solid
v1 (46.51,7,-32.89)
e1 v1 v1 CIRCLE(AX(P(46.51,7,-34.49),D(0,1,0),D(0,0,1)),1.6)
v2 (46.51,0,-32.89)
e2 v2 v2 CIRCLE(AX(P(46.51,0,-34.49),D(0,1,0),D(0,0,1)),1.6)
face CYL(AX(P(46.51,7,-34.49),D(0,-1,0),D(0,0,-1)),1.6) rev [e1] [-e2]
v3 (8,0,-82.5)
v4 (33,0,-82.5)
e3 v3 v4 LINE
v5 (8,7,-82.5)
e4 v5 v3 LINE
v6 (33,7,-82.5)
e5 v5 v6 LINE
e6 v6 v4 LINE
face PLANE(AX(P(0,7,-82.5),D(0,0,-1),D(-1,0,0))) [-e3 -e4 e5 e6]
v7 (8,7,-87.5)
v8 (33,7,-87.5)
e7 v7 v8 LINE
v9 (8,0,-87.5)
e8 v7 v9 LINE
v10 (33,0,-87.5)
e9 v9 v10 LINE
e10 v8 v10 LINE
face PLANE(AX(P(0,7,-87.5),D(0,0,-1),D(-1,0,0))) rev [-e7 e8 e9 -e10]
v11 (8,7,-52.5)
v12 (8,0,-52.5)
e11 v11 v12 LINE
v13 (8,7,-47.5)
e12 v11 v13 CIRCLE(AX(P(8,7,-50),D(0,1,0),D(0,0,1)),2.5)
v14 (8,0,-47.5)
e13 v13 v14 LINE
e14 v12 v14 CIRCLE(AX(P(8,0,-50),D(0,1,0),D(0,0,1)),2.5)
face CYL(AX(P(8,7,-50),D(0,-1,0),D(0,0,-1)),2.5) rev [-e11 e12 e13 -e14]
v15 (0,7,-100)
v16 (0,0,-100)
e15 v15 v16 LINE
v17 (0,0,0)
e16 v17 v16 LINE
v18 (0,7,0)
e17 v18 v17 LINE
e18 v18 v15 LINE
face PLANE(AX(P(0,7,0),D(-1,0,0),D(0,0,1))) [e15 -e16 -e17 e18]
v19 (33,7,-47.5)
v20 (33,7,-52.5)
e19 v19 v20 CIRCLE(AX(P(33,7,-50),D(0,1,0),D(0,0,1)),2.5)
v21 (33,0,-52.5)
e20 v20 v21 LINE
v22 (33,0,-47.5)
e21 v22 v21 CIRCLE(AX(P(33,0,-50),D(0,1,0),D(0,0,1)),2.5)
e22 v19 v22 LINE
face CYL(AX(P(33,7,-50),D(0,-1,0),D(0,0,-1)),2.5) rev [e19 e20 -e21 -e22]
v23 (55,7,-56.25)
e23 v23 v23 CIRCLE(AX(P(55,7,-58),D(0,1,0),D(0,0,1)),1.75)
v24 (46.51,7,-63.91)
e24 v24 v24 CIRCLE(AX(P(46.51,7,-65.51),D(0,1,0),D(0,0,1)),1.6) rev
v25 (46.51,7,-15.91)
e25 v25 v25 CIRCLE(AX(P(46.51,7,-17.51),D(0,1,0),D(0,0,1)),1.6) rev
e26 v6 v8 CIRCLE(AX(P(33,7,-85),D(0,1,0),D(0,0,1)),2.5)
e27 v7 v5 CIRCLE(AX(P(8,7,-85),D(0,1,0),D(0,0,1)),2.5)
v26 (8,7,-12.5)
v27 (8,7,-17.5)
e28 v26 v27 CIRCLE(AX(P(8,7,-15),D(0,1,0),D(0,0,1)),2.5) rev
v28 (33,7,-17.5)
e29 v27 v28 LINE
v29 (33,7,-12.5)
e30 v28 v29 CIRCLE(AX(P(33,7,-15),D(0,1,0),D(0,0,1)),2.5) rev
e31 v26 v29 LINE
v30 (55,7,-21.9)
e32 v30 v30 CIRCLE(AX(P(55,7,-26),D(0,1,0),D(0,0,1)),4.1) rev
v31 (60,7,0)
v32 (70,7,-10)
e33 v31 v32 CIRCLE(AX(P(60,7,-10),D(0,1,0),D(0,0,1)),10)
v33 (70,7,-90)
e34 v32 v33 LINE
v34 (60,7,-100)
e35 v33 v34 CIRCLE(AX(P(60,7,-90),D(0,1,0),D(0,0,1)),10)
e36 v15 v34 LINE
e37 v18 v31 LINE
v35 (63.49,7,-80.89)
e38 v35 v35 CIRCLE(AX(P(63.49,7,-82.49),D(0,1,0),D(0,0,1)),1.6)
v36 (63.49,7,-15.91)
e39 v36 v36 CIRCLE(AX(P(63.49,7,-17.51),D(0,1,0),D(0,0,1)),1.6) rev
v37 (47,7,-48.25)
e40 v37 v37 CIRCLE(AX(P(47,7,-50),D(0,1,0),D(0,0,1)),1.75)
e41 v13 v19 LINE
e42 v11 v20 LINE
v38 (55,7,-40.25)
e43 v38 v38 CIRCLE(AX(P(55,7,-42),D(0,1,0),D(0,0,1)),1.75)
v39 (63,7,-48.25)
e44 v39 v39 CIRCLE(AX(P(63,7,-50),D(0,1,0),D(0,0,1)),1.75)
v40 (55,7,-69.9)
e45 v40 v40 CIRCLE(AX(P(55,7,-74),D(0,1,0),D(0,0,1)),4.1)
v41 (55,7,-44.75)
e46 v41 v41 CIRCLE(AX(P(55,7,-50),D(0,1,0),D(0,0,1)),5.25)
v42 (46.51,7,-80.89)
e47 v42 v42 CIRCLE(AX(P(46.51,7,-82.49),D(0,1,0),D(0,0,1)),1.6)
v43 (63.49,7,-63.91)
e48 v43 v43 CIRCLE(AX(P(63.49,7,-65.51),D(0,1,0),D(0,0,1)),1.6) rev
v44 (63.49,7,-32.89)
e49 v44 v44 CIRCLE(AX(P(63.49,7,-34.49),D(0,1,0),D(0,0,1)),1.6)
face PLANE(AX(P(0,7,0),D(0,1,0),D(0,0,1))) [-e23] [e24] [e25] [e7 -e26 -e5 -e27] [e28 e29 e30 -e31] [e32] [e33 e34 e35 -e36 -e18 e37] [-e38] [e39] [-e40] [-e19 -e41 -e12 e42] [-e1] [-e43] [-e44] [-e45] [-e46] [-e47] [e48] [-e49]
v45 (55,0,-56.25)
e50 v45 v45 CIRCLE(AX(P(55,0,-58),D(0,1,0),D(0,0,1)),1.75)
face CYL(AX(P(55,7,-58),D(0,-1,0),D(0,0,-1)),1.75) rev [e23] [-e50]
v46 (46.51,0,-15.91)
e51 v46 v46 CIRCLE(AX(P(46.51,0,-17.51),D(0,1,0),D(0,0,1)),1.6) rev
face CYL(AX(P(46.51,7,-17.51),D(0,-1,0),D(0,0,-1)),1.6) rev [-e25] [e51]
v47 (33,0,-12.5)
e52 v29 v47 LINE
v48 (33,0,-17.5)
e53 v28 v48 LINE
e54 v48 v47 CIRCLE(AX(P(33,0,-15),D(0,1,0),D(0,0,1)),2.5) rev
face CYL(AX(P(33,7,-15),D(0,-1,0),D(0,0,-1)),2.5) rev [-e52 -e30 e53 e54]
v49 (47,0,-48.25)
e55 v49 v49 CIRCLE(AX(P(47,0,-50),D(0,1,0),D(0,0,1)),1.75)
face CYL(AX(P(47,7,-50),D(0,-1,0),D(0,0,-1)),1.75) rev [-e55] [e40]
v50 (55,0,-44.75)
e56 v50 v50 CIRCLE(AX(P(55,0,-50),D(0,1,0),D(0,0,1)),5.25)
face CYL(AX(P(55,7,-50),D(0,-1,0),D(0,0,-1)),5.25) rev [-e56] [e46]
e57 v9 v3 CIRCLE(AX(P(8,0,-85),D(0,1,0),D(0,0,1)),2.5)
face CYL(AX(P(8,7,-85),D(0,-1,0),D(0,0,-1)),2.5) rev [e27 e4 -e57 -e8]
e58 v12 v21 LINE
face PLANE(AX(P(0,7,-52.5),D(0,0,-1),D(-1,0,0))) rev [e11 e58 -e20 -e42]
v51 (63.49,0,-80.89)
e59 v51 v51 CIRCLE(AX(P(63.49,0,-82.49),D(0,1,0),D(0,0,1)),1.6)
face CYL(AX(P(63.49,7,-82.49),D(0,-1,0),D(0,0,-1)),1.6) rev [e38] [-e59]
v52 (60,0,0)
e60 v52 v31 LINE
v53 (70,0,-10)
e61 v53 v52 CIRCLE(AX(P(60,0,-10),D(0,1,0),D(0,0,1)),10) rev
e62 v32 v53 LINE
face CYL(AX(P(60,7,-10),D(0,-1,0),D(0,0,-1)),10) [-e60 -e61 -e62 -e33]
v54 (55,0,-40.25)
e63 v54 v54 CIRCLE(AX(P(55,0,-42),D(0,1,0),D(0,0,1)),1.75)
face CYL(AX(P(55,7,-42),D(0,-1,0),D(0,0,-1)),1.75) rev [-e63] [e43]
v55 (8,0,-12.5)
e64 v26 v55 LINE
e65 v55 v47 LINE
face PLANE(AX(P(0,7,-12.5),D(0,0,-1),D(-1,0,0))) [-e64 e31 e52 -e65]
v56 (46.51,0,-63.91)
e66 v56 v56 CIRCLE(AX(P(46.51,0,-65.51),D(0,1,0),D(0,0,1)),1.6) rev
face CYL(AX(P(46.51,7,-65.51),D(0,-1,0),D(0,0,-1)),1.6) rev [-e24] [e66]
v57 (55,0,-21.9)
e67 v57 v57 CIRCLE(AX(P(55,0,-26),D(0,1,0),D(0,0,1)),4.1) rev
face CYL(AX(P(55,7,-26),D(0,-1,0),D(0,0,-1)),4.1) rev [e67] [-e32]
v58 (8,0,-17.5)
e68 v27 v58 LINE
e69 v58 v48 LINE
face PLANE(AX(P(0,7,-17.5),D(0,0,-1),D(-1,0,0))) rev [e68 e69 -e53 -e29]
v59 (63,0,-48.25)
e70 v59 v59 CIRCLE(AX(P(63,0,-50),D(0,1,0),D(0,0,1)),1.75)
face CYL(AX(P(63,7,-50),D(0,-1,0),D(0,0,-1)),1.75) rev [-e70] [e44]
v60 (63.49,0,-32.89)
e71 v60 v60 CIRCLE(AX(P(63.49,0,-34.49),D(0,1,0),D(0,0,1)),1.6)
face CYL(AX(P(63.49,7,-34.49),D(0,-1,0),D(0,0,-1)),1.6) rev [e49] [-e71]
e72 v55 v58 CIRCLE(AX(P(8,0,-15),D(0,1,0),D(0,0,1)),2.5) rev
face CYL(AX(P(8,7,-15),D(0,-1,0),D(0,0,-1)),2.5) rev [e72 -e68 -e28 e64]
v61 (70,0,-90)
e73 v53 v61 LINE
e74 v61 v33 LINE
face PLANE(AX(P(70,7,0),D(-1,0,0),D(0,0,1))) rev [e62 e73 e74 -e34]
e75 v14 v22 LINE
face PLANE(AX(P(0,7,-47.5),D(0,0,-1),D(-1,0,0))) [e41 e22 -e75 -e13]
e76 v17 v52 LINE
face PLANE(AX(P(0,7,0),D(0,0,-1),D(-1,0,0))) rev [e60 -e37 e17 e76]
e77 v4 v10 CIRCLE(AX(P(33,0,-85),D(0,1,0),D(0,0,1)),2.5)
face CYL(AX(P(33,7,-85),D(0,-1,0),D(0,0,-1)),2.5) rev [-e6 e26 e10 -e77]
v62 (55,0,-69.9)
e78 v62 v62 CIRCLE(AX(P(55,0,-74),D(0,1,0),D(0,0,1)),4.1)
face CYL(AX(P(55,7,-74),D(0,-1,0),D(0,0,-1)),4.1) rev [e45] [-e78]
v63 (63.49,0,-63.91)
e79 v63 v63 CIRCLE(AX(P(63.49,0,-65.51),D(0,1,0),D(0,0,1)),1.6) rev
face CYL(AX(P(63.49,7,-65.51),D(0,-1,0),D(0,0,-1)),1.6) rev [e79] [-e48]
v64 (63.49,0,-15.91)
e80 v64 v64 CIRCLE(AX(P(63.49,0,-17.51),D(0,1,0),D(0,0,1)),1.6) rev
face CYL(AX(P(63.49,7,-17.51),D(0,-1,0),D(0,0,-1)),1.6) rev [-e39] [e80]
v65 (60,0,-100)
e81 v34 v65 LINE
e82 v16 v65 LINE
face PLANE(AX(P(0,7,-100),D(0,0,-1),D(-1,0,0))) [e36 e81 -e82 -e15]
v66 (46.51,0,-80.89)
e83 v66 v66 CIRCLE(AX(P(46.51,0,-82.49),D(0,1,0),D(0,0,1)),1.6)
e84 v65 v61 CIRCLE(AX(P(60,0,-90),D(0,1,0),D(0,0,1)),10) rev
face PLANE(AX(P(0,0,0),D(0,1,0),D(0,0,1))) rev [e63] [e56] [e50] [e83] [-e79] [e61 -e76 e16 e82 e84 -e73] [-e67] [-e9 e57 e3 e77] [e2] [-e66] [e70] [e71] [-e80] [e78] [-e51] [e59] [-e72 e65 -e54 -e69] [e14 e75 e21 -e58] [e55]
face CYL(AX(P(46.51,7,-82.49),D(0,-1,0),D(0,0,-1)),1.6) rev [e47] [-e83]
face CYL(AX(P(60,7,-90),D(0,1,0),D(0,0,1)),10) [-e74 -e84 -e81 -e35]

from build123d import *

# Parameters (mm, degrees)
SKETCH1_R           = 1.6
SKETCH1_R_2         = 4.1
SKETCH1_R_3         = 1.75
SKETCH1_R_4         = 5.25
BOSS_EXTRUDE1_DEPTH = 7
FILLET1_R           = 10


with BuildPart() as part:
    # Sketch1 → Boss-Extrude1 (new body)
    # profile 1 of 3: a face of its own
    with BuildSketch(Plane(origin=(0, 0, 0), x_dir=(1, 0, 0), z_dir=(0, 1, 0))):
        Polygon((0, 100), (0, 0), (56, 0), (70, 0), (70, 100), align=None)
        with BuildLine():
            Line((33, 12.5), (8, 12.5))
            ThreePointArc((8, 12.5), (5.5, 15), (8, 17.5))
            Line((8, 17.5), (33, 17.5))
            ThreePointArc((33, 17.5), (35.5, 15), (33, 12.5))
        make_face(mode=Mode.SUBTRACT)
        with Locations(Location((46.51, 17.51, 0), (0, 0, 270))):
            Circle(SKETCH1_R, mode=Mode.SUBTRACT)
        with Locations(Location((63.49, 17.51, 0), (0, 0, 270))):
            Circle(SKETCH1_R, mode=Mode.SUBTRACT)
        with Locations(Location((46.51, 34.49, 0), (0, 0, 270))):
            Circle(SKETCH1_R, mode=Mode.SUBTRACT)
        with Locations(Location((55, 26, 0), (0, 0, 270))):
            Circle(SKETCH1_R_2, mode=Mode.SUBTRACT)
        with Locations(Location((63.49, 34.49, 0), (0, 0, 270))):
            Circle(SKETCH1_R, mode=Mode.SUBTRACT)
        with Locations(Location((55, 42, 0), (0, 0, 270))):
            Circle(SKETCH1_R_3, mode=Mode.SUBTRACT)
        with BuildLine():
            ThreePointArc((8, 47.5), (5.5, 50), (8, 52.5))
            Line((8, 52.5), (33, 52.5))
            ThreePointArc((33, 52.5), (35.5, 50), (33, 47.5))
            Line((33, 47.5), (8, 47.5))
        make_face(mode=Mode.SUBTRACT)
        with BuildLine():
            ThreePointArc((8, 82.5), (5.5, 85), (8, 87.5))
            Line((8, 87.5), (33, 87.5))
            ThreePointArc((33, 87.5), (35.5, 85), (33, 82.5))
            Line((33, 82.5), (8, 82.5))
        make_face(mode=Mode.SUBTRACT)
        with Locations(Location((47, 50, 0), (0, 0, 270))):
            Circle(SKETCH1_R_3, mode=Mode.SUBTRACT)
        with Locations(Location((46.51, 65.51, 0), (0, 0, 270))):
            Circle(SKETCH1_R, mode=Mode.SUBTRACT)
        with Locations(Location((55, 50, 0), (0, 0, 270))):
            Circle(SKETCH1_R_4, mode=Mode.SUBTRACT)
        with Locations(Location((55, 58, 0), (0, 0, 270))):
            Circle(SKETCH1_R_3, mode=Mode.SUBTRACT)
        with Locations(Location((63, 50, 0), (0, 0, 270))):
            Circle(SKETCH1_R_3, mode=Mode.SUBTRACT)
        with Locations(Location((55, 74, 0), (0, 0, 270))):
            Circle(SKETCH1_R_2, mode=Mode.SUBTRACT)
        with Locations(Location((63.49, 65.51, 0), (0, 0, 270))):
            Circle(SKETCH1_R, mode=Mode.SUBTRACT)
        with Locations(Location((46.51, 82.49, 0), (0, 0, 270))):
            Circle(SKETCH1_R, mode=Mode.SUBTRACT)
        with Locations(Location((63.49, 82.49, 0), (0, 0, 270))):
            Circle(SKETCH1_R, mode=Mode.SUBTRACT)
    # profile 2 of 3: a face of its own
    with BuildSketch(Plane(origin=(0, 0, 0), x_dir=(1, 0, 0), z_dir=(0, 1, 0))):
        Polygon((0, 100), (0, 0), (56, 0), (70, 0), (70, 100), align=None)
        with BuildLine():
            Line((33, 12.5), (8, 12.5))
            ThreePointArc((8, 12.5), (5.5, 15), (8, 17.5))
            Line((8, 17.5), (33, 17.5))
            ThreePointArc((33, 17.5), (35.5, 15), (33, 12.5))
        make_face(mode=Mode.SUBTRACT)
        with Locations(Location((46.51, 17.51, 0), (0, 0, 270))):
            Circle(SKETCH1_R, mode=Mode.SUBTRACT)
        with Locations(Location((63.49, 17.51, 0), (0, 0, 270))):
            Circle(SKETCH1_R, mode=Mode.SUBTRACT)
        with Locations(Location((46.51, 34.49, 0), (0, 0, 270))):
            Circle(SKETCH1_R, mode=Mode.SUBTRACT)
        with Locations(Location((55, 26, 0), (0, 0, 270))):
            Circle(SKETCH1_R_2, mode=Mode.SUBTRACT)
        with Locations(Location((63.49, 34.49, 0), (0, 0, 270))):
            Circle(SKETCH1_R, mode=Mode.SUBTRACT)
        with Locations(Location((55, 42, 0), (0, 0, 270))):
            Circle(SKETCH1_R_3, mode=Mode.SUBTRACT)
        with BuildLine():
            ThreePointArc((8, 47.5), (5.5, 50), (8, 52.5))
            Line((8, 52.5), (33, 52.5))
            ThreePointArc((33, 52.5), (35.5, 50), (33, 47.5))
            Line((33, 47.5), (8, 47.5))
        make_face(mode=Mode.SUBTRACT)
        with BuildLine():
            ThreePointArc((8, 82.5), (5.5, 85), (8, 87.5))
            Line((8, 87.5), (33, 87.5))
            ThreePointArc((33, 87.5), (35.5, 85), (33, 82.5))
            Line((33, 82.5), (8, 82.5))
        make_face(mode=Mode.SUBTRACT)
        with Locations(Location((47, 50, 0), (0, 0, 270))):
            Circle(SKETCH1_R_3, mode=Mode.SUBTRACT)
        with Locations(Location((46.51, 65.51, 0), (0, 0, 270))):
            Circle(SKETCH1_R, mode=Mode.SUBTRACT)
        with Locations(Location((55, 50, 0), (0, 0, 270))):
            Circle(SKETCH1_R_4, mode=Mode.SUBTRACT)
        with Locations(Location((55, 58, 0), (0, 0, 270))):
            Circle(SKETCH1_R_3, mode=Mode.SUBTRACT)
        with Locations(Location((63, 50, 0), (0, 0, 270))):
            Circle(SKETCH1_R_3, mode=Mode.SUBTRACT)
        with Locations(Location((55, 74, 0), (0, 0, 270))):
            Circle(SKETCH1_R_2, mode=Mode.SUBTRACT)
        with Locations(Location((63.49, 65.51, 0), (0, 0, 270))):
            Circle(SKETCH1_R, mode=Mode.SUBTRACT)
        with Locations(Location((46.51, 82.49, 0), (0, 0, 270))):
            Circle(SKETCH1_R, mode=Mode.SUBTRACT)
        with Locations(Location((63.49, 82.49, 0), (0, 0, 270))):
            Circle(SKETCH1_R, mode=Mode.SUBTRACT)
    # profile 3 of 3: a face of its own
    with BuildSketch(Plane(origin=(0, 0, 0), x_dir=(1, 0, 0), z_dir=(0, 1, 0))):
        Polygon((0, 100), (0, 0), (56, 0), (70, 0), (70, 100), align=None)
        with BuildLine():
            Line((33, 12.5), (8, 12.5))
            ThreePointArc((8, 12.5), (5.5, 15), (8, 17.5))
            Line((8, 17.5), (33, 17.5))
            ThreePointArc((33, 17.5), (35.5, 15), (33, 12.5))
        make_face(mode=Mode.SUBTRACT)
        with Locations(Location((46.51, 17.51, 0), (0, 0, 270))):
            Circle(SKETCH1_R, mode=Mode.SUBTRACT)
        with Locations(Location((63.49, 17.51, 0), (0, 0, 270))):
            Circle(SKETCH1_R, mode=Mode.SUBTRACT)
        with Locations(Location((46.51, 34.49, 0), (0, 0, 270))):
            Circle(SKETCH1_R, mode=Mode.SUBTRACT)
        with Locations(Location((55, 26, 0), (0, 0, 270))):
            Circle(SKETCH1_R_2, mode=Mode.SUBTRACT)
        with Locations(Location((63.49, 34.49, 0), (0, 0, 270))):
            Circle(SKETCH1_R, mode=Mode.SUBTRACT)
        with Locations(Location((55, 42, 0), (0, 0, 270))):
            Circle(SKETCH1_R_3, mode=Mode.SUBTRACT)
        with BuildLine():
            ThreePointArc((8, 47.5), (5.5, 50), (8, 52.5))
            Line((8, 52.5), (33, 52.5))
            ThreePointArc((33, 52.5), (35.5, 50), (33, 47.5))
            Line((33, 47.5), (8, 47.5))
        make_face(mode=Mode.SUBTRACT)
        with BuildLine():
            ThreePointArc((8, 82.5), (5.5, 85), (8, 87.5))
            Line((8, 87.5), (33, 87.5))
            ThreePointArc((33, 87.5), (35.5, 85), (33, 82.5))
            Line((33, 82.5), (8, 82.5))
        make_face(mode=Mode.SUBTRACT)
        with Locations(Location((47, 50, 0), (0, 0, 270))):
            Circle(SKETCH1_R_3, mode=Mode.SUBTRACT)
        with Locations(Location((46.51, 65.51, 0), (0, 0, 270))):
            Circle(SKETCH1_R, mode=Mode.SUBTRACT)
        with Locations(Location((55, 50, 0), (0, 0, 270))):
            Circle(SKETCH1_R_4, mode=Mode.SUBTRACT)
        with Locations(Location((55, 58, 0), (0, 0, 270))):
            Circle(SKETCH1_R_3, mode=Mode.SUBTRACT)
        with Locations(Location((63, 50, 0), (0, 0, 270))):
            Circle(SKETCH1_R_3, mode=Mode.SUBTRACT)
        with Locations(Location((55, 74, 0), (0, 0, 270))):
            Circle(SKETCH1_R_2, mode=Mode.SUBTRACT)
        with Locations(Location((63.49, 65.51, 0), (0, 0, 270))):
            Circle(SKETCH1_R, mode=Mode.SUBTRACT)
        with Locations(Location((46.51, 82.49, 0), (0, 0, 270))):
            Circle(SKETCH1_R, mode=Mode.SUBTRACT)
        with Locations(Location((63.49, 82.49, 0), (0, 0, 270))):
            Circle(SKETCH1_R, mode=Mode.SUBTRACT)
    extrude(amount=BOSS_EXTRUDE1_DEPTH)

    # Fillet1
    fillet1_edges = [part.edges().sort_by_distance(p)[0] for p in [
        (70, 3.5, -100),
        (70, 3.5, 0),
    ]]
    fillet(fillet1_edges, radius=FILLET1_R)


solid = part.part
